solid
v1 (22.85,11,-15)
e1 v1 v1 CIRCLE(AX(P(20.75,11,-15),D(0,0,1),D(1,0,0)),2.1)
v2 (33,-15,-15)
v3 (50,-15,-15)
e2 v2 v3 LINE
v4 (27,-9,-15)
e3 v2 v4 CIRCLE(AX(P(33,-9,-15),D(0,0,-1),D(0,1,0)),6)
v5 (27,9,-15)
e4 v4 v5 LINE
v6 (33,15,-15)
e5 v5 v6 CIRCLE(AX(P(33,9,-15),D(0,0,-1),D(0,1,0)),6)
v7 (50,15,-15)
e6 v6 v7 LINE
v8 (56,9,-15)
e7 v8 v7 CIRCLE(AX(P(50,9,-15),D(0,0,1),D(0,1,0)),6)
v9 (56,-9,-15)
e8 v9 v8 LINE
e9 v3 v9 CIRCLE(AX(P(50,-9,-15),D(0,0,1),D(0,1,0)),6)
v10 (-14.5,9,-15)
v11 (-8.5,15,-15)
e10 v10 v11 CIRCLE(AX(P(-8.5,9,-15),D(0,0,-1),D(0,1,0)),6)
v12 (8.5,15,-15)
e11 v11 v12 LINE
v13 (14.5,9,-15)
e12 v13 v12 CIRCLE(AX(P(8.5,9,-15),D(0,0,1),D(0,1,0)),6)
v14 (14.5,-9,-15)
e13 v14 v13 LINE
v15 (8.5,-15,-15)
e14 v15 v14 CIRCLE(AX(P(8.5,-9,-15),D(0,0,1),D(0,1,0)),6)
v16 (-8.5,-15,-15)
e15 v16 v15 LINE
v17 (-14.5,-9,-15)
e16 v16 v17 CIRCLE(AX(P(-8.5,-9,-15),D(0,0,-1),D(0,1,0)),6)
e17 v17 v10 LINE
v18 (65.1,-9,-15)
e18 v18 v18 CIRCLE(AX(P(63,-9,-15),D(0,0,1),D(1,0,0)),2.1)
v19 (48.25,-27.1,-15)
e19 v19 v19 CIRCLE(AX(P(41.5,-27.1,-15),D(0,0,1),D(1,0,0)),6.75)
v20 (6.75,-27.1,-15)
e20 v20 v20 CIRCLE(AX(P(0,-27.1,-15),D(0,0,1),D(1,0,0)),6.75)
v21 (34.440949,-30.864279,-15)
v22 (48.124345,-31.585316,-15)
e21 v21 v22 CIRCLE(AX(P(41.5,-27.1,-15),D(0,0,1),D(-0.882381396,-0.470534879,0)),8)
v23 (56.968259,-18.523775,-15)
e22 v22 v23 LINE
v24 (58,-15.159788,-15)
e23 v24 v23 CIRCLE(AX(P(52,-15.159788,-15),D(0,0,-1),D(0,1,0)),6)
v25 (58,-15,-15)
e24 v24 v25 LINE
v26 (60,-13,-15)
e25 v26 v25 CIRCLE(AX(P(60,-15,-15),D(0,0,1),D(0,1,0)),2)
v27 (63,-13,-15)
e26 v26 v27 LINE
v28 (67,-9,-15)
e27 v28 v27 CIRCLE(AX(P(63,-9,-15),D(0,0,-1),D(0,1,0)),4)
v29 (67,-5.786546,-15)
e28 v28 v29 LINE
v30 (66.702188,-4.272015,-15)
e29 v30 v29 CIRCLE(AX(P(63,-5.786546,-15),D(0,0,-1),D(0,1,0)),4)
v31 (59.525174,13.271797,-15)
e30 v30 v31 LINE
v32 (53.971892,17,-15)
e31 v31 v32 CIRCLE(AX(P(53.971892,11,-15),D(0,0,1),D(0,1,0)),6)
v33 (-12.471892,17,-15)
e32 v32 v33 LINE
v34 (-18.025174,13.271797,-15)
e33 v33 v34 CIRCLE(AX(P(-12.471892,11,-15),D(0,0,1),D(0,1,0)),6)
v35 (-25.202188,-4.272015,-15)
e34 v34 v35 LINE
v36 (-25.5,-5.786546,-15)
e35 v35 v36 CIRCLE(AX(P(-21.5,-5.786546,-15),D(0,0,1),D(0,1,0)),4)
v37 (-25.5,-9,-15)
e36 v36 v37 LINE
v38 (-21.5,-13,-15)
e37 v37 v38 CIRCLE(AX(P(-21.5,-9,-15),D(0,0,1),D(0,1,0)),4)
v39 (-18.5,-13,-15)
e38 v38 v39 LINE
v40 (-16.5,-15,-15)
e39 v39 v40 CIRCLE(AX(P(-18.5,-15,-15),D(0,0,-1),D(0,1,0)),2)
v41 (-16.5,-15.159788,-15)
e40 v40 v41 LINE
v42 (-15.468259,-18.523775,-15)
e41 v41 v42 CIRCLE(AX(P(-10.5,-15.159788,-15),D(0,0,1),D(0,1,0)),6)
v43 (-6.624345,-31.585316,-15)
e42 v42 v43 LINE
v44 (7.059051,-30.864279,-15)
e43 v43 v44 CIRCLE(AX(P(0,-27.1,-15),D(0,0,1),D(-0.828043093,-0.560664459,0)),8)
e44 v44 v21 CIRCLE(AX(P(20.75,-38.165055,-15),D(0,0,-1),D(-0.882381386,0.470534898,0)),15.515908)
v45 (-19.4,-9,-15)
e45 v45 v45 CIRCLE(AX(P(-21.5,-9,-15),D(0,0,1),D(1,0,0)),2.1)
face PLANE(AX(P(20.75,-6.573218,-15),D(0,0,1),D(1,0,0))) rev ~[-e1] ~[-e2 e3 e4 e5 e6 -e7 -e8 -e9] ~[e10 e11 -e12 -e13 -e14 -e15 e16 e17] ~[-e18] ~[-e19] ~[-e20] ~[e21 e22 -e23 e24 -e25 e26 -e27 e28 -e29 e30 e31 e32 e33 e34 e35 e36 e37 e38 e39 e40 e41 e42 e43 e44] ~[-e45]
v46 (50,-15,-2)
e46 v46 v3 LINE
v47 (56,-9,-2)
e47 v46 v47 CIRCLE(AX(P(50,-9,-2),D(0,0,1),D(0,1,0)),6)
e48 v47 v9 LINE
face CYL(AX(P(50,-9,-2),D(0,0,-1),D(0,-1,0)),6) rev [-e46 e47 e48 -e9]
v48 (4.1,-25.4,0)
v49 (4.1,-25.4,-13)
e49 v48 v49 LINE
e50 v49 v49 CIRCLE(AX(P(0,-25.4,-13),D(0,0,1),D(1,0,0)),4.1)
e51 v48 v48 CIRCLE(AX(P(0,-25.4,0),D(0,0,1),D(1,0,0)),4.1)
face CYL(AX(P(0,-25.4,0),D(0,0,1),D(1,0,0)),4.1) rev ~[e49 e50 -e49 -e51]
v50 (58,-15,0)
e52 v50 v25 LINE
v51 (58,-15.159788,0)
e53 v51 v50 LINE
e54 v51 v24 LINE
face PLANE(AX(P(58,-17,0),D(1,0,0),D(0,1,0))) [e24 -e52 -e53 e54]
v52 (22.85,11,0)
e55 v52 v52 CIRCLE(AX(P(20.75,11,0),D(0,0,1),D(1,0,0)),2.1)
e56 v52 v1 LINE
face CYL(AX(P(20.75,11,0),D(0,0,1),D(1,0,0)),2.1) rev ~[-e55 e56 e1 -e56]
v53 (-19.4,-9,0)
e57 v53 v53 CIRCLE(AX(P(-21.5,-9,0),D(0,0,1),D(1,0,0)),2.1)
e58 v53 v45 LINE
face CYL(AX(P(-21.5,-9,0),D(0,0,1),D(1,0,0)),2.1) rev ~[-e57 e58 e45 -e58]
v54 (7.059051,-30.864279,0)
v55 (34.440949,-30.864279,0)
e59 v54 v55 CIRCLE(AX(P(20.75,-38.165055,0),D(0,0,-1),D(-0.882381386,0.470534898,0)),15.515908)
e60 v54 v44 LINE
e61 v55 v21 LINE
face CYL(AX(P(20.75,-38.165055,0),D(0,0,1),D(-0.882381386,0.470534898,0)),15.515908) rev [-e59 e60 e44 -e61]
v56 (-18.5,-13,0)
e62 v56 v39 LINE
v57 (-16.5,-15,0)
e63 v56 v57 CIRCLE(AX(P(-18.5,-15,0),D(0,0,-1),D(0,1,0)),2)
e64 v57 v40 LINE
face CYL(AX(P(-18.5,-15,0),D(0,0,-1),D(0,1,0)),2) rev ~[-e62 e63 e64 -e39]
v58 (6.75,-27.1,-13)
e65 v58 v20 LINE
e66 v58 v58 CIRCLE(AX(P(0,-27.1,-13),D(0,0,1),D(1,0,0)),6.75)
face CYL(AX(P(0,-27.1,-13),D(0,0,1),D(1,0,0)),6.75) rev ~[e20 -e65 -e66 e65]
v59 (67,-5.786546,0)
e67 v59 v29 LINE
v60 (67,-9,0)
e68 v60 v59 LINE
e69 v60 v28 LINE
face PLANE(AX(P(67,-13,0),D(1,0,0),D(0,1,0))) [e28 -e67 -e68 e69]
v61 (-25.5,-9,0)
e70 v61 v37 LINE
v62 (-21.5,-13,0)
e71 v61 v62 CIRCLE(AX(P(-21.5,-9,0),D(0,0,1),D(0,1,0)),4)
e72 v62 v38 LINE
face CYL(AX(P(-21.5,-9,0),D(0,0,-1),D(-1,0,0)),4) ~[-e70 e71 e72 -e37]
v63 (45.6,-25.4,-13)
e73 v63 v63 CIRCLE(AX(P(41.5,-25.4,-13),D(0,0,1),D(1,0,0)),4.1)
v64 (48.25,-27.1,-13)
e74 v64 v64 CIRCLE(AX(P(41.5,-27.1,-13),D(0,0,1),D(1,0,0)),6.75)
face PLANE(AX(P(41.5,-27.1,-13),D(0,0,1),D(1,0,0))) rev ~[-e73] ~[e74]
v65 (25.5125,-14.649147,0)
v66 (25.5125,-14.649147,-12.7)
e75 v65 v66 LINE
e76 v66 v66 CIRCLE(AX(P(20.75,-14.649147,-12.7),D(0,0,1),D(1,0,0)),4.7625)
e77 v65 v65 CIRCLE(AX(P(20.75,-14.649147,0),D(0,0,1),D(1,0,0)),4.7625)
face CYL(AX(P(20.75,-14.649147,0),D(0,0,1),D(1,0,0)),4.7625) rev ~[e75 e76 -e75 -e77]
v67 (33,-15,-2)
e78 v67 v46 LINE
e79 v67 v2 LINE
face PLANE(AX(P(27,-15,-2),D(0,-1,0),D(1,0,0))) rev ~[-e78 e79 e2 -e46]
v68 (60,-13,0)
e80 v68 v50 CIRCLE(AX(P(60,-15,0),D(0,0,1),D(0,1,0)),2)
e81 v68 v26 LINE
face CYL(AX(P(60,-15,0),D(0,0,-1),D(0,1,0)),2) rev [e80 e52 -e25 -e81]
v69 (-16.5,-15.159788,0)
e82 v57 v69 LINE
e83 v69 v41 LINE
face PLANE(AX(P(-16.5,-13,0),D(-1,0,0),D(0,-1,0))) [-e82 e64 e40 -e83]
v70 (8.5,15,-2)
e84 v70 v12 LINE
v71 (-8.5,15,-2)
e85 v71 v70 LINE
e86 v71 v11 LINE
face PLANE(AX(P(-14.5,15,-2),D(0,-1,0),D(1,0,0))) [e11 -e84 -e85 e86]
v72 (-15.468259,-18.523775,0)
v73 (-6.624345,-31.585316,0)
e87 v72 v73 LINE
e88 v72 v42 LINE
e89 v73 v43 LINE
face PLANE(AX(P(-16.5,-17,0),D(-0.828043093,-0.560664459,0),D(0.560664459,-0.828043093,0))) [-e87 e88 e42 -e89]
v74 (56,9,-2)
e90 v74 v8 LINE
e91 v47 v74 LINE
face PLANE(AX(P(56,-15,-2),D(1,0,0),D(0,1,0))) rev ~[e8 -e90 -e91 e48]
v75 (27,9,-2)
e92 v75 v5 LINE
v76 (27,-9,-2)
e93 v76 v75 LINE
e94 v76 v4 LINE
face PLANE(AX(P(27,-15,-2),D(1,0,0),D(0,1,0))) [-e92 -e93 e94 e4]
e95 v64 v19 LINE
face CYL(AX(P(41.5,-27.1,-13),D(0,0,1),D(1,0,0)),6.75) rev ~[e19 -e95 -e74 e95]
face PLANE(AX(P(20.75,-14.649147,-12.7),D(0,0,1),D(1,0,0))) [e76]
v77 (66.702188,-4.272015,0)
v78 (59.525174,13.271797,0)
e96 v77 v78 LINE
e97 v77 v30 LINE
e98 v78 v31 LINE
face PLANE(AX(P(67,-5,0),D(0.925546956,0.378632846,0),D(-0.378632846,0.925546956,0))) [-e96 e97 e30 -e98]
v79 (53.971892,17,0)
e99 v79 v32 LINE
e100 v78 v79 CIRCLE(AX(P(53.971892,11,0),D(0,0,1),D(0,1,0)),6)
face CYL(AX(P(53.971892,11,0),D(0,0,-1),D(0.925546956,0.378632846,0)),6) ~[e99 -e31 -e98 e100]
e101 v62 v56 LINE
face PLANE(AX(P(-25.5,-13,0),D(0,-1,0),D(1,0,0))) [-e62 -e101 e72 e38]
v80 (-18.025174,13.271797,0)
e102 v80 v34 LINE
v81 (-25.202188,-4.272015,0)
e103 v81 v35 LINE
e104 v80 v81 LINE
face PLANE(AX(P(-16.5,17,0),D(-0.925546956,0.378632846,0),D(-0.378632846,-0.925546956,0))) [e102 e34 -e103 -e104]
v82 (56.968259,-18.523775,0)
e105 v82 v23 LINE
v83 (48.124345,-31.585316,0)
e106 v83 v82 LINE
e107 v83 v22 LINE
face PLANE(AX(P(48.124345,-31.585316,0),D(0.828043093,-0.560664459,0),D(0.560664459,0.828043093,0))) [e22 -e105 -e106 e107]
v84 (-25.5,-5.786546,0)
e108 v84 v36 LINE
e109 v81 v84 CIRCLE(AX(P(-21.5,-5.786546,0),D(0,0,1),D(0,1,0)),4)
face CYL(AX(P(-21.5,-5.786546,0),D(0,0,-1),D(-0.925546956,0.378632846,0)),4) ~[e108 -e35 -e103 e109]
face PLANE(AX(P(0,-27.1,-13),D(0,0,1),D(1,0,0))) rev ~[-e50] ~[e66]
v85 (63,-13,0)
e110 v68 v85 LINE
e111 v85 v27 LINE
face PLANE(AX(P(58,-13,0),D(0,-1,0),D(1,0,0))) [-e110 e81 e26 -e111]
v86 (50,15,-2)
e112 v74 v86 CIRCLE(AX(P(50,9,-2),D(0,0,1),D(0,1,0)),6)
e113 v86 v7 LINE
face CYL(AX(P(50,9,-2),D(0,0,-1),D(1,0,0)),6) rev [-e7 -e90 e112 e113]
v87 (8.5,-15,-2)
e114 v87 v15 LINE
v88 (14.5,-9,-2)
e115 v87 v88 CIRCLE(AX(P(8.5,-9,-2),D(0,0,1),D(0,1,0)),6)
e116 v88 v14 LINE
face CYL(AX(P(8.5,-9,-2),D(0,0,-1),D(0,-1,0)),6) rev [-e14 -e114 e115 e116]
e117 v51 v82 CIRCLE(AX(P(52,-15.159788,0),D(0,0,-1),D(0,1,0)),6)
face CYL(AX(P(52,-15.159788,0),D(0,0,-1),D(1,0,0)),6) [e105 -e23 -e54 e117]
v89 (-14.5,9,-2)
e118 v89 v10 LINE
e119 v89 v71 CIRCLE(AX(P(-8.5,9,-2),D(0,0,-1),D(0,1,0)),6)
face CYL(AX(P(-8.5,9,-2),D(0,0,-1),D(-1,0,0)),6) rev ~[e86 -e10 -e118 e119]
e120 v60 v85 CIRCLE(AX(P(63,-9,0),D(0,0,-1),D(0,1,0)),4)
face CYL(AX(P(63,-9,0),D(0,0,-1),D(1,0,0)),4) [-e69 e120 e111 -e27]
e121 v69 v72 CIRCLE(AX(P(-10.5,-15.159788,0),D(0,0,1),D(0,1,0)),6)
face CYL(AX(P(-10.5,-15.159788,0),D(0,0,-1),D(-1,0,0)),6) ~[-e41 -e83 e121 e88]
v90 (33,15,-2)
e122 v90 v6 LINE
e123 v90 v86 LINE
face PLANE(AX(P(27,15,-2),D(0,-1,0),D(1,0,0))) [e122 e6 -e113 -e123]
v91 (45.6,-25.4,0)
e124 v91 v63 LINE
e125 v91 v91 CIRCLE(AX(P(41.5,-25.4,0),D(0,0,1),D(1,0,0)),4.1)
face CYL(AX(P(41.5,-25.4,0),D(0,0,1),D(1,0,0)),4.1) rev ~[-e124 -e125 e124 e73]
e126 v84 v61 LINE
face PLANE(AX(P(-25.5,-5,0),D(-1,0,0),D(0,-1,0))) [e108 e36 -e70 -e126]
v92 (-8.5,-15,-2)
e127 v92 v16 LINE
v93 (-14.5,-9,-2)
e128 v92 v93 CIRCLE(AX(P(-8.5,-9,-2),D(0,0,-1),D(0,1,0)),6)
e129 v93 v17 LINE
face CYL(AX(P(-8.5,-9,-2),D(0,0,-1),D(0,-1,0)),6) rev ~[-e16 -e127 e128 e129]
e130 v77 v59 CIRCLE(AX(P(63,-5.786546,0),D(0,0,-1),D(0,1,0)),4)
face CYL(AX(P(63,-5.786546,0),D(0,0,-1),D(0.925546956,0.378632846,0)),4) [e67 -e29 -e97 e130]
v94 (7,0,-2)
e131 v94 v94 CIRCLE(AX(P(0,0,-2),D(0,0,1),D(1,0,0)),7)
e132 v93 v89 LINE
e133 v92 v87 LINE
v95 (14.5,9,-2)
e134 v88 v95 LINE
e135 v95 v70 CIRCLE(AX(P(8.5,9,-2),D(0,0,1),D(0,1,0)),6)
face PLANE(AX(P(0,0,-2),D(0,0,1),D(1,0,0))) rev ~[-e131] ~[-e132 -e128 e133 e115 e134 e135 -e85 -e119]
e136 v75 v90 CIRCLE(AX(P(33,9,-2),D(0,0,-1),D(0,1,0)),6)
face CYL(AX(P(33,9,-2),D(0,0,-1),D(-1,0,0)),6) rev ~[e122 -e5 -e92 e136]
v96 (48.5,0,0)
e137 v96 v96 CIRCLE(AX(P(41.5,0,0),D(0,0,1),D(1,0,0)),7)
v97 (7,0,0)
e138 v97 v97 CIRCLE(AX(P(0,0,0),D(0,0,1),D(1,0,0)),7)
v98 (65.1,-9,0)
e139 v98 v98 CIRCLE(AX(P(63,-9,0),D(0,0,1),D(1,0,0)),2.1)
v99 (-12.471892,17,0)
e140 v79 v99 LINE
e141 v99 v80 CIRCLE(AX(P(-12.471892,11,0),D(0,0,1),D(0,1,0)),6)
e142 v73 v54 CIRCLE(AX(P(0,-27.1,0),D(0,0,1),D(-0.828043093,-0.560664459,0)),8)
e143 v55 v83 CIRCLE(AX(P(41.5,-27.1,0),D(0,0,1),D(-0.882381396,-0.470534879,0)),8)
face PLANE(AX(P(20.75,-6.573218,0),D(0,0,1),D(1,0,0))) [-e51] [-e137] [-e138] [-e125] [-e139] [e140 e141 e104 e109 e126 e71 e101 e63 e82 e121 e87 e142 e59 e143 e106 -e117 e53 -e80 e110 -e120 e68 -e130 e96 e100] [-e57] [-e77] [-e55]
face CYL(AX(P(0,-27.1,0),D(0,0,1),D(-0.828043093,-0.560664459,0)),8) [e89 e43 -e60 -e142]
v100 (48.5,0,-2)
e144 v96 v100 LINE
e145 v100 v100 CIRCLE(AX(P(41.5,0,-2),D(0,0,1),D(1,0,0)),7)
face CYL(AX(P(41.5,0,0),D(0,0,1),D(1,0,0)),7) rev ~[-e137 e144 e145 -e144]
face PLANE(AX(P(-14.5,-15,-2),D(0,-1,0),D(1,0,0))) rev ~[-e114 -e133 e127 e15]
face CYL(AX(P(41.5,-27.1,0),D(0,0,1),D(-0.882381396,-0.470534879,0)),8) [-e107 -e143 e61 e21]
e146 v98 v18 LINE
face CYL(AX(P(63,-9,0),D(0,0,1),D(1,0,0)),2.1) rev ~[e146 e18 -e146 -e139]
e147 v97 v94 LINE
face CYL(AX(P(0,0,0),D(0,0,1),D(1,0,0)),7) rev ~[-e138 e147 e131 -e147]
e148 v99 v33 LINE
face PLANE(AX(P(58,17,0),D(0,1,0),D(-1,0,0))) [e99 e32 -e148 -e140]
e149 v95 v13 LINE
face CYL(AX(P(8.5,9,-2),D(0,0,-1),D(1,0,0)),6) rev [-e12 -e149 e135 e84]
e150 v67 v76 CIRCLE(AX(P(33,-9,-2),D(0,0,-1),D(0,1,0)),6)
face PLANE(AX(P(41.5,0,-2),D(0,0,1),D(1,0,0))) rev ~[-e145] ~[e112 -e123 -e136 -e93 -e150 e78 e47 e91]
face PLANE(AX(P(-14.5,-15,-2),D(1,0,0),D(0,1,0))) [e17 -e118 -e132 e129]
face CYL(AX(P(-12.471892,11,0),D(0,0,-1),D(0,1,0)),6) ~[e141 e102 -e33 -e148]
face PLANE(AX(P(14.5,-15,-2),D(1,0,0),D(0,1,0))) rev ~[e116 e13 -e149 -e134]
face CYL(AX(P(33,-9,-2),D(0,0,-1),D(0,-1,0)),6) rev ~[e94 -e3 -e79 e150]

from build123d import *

# Parameters (mm, degrees)
SKETCH5_R           = 7
SKETCH5_R_2         = 4.7625
SKETCH5_R_3         = 2.1
SKETCH5_R_4         = 4.1
BOSS_EXTRUDE5_DEPTH = 15
CUT_EXTRUDE1_START  = -2
SKETCH1_W           = 29
SKETCH1_H           = 30
SKETCH1_R           = 7
CUT_EXTRUDE1_DEPTH  = 13
CUT_EXTRUDE2_START  = -13
SKETCH5_3_R         = 6.75
SKETCH5_3_R_2       = 4.1
CUT_EXTRUDE2_DEPTH  = 2
FILLET1_R           = 6
FILLET2_R           = 4
FILLET3_R           = 6
FILLET4_R           = 2
BOSS_EXTRUDE6_START = -12.7
SKETCH5_4_R         = 4.7625
BOSS_EXTRUDE6_DEPTH = 2.3


with BuildPart() as part:
    # Sketch5 → Boss-Extrude5 (new body)
    with BuildSketch(Plane.XY):
        with BuildLine():
            Line((58, 17), (-16.5, 17))
            Line((-16.5, 17), (-25.5, -5))
            Line((-25.5, -5), (-25.5, -13))
            Line((-25.5, -13), (-16.5, -13))
            Line((-16.5, -13), (-16.5, -17))
            Line((-16.5, -17), (-6.624344746, -31.585315674))
            ThreePointArc((-6.624344746, -31.585315674), (0.420970348, -35.08891632), (7.059051341, -30.864278705))
            ThreePointArc((7.059051341, -30.864278705), (20.750000185, -22.649146733), (34.440948834, -30.864279032))
            ThreePointArc((34.440948834, -30.864279032), (41.079029838, -35.08891633), (48.124344746, -31.585315674))
            Line((48.124344746, -31.585315674), (58, -17))
            Line((58, -17), (58, -13))
            Line((58, -13), (67, -13))
            Line((67, -13), (67, -5))
            Line((67, -5), (58, 17))
        make_face()
        Circle(SKETCH5_R, mode=Mode.SUBTRACT)
        with Locations((20.75, -14.649146733)):
            Circle(SKETCH5_R_2, mode=Mode.SUBTRACT)
        with Locations((41.5, 0)):
            Circle(SKETCH5_R, mode=Mode.SUBTRACT)
        with Locations((20.75, 11)):
            Circle(SKETCH5_R_3, mode=Mode.SUBTRACT)
        with Locations((-21.5, -9)):
            Circle(SKETCH5_R_3, mode=Mode.SUBTRACT)
        with Locations((63, -9)):
            Circle(SKETCH5_R_3, mode=Mode.SUBTRACT)
        with Locations((41.5, -25.4)):
            Circle(SKETCH5_R_4, mode=Mode.SUBTRACT)
        with Locations((0, -25.4)):
            Circle(SKETCH5_R_4, mode=Mode.SUBTRACT)
    extrude(amount=-BOSS_EXTRUDE5_DEPTH)

    # Sketch1 → Cut-Extrude1 (cut)
    # profile 1 of 2: a face of its own
    with BuildSketch(Plane.XY.offset(CUT_EXTRUDE1_START)):
        Rectangle(SKETCH1_W, SKETCH1_H)
        Circle(SKETCH1_R, mode=Mode.SUBTRACT)
    # profile 2 of 2: a face of its own
    with BuildSketch(Plane.XY.offset(CUT_EXTRUDE1_START)):
        with Locations((41.5, 0)):
            Rectangle(SKETCH1_W, SKETCH1_H)
        with Locations((41.5, 0)):
            Circle(SKETCH1_R, mode=Mode.SUBTRACT)
    extrude(amount=-CUT_EXTRUDE1_DEPTH, mode=Mode.SUBTRACT)

    # Sketch5<3> → Cut-Extrude2 (cut)
    # profile 1 of 2: a face of its own
    with BuildSketch(Plane.XY.offset(CUT_EXTRUDE2_START)):
        with Locations((41.5, -27.1)):
            Circle(SKETCH5_3_R)
        with Locations((41.5, -25.4)):
            Circle(SKETCH5_3_R_2, mode=Mode.SUBTRACT)
    # profile 2 of 2: a face of its own
    with BuildSketch(Plane.XY.offset(CUT_EXTRUDE2_START)):
        with Locations((0, -27.1)):
            Circle(SKETCH5_3_R)
        with Locations((0, -25.4)):
            Circle(SKETCH5_3_R_2, mode=Mode.SUBTRACT)
    extrude(amount=-CUT_EXTRUDE2_DEPTH, mode=Mode.SUBTRACT)

    # Fillet1
    fillet1_edges = [part.edges().sort_by_distance(p)[0] for p in [
        (-14.5, -15, -8.5),
        (14.5, -15, -8.5),
        (14.5, 15, -8.5),
        (-14.5, 15, -8.5),
        (27, -15, -8.5),
        (56, -15, -8.5),
        (56, 15, -8.5),
        (27, 15, -8.5),
    ]]
    fillet(fillet1_edges, radius=FILLET1_R)

    # Fillet2
    fillet2_edges = [part.edges().sort_by_distance(p)[0] for p in [
        (67, -13, -7.5),
        (-25.5, -13, -7.5),
        (-25.5, -5, -7.5),
        (67, -5, -7.5),
    ]]
    fillet(fillet2_edges, radius=FILLET2_R)

    # Fillet3
    fillet3_edges = [part.edges().sort_by_distance(p)[0] for p in [
        (58, -17, -7.5),
        (-16.5, -17, -7.5),
        (-16.5, 17, -7.5),
        (58, 17, -7.5),
    ]]
    fillet(fillet3_edges, radius=FILLET3_R)

    # Fillet4
    fillet4_edges = [part.edges().sort_by_distance(p)[0] for p in [
        (58, -13, -7.5),
        (-16.5, -13, -7.5),
    ]]
    fillet(fillet4_edges, radius=FILLET4_R)

    # Sketch5<4> → Boss-Extrude6 (add)
    with BuildSketch(Plane.XY.offset(BOSS_EXTRUDE6_START)):
        with Locations((20.75, -14.649146733)):
            Circle(SKETCH5_4_R)
    extrude(amount=-BOSS_EXTRUDE6_DEPTH)


solid = part.part
